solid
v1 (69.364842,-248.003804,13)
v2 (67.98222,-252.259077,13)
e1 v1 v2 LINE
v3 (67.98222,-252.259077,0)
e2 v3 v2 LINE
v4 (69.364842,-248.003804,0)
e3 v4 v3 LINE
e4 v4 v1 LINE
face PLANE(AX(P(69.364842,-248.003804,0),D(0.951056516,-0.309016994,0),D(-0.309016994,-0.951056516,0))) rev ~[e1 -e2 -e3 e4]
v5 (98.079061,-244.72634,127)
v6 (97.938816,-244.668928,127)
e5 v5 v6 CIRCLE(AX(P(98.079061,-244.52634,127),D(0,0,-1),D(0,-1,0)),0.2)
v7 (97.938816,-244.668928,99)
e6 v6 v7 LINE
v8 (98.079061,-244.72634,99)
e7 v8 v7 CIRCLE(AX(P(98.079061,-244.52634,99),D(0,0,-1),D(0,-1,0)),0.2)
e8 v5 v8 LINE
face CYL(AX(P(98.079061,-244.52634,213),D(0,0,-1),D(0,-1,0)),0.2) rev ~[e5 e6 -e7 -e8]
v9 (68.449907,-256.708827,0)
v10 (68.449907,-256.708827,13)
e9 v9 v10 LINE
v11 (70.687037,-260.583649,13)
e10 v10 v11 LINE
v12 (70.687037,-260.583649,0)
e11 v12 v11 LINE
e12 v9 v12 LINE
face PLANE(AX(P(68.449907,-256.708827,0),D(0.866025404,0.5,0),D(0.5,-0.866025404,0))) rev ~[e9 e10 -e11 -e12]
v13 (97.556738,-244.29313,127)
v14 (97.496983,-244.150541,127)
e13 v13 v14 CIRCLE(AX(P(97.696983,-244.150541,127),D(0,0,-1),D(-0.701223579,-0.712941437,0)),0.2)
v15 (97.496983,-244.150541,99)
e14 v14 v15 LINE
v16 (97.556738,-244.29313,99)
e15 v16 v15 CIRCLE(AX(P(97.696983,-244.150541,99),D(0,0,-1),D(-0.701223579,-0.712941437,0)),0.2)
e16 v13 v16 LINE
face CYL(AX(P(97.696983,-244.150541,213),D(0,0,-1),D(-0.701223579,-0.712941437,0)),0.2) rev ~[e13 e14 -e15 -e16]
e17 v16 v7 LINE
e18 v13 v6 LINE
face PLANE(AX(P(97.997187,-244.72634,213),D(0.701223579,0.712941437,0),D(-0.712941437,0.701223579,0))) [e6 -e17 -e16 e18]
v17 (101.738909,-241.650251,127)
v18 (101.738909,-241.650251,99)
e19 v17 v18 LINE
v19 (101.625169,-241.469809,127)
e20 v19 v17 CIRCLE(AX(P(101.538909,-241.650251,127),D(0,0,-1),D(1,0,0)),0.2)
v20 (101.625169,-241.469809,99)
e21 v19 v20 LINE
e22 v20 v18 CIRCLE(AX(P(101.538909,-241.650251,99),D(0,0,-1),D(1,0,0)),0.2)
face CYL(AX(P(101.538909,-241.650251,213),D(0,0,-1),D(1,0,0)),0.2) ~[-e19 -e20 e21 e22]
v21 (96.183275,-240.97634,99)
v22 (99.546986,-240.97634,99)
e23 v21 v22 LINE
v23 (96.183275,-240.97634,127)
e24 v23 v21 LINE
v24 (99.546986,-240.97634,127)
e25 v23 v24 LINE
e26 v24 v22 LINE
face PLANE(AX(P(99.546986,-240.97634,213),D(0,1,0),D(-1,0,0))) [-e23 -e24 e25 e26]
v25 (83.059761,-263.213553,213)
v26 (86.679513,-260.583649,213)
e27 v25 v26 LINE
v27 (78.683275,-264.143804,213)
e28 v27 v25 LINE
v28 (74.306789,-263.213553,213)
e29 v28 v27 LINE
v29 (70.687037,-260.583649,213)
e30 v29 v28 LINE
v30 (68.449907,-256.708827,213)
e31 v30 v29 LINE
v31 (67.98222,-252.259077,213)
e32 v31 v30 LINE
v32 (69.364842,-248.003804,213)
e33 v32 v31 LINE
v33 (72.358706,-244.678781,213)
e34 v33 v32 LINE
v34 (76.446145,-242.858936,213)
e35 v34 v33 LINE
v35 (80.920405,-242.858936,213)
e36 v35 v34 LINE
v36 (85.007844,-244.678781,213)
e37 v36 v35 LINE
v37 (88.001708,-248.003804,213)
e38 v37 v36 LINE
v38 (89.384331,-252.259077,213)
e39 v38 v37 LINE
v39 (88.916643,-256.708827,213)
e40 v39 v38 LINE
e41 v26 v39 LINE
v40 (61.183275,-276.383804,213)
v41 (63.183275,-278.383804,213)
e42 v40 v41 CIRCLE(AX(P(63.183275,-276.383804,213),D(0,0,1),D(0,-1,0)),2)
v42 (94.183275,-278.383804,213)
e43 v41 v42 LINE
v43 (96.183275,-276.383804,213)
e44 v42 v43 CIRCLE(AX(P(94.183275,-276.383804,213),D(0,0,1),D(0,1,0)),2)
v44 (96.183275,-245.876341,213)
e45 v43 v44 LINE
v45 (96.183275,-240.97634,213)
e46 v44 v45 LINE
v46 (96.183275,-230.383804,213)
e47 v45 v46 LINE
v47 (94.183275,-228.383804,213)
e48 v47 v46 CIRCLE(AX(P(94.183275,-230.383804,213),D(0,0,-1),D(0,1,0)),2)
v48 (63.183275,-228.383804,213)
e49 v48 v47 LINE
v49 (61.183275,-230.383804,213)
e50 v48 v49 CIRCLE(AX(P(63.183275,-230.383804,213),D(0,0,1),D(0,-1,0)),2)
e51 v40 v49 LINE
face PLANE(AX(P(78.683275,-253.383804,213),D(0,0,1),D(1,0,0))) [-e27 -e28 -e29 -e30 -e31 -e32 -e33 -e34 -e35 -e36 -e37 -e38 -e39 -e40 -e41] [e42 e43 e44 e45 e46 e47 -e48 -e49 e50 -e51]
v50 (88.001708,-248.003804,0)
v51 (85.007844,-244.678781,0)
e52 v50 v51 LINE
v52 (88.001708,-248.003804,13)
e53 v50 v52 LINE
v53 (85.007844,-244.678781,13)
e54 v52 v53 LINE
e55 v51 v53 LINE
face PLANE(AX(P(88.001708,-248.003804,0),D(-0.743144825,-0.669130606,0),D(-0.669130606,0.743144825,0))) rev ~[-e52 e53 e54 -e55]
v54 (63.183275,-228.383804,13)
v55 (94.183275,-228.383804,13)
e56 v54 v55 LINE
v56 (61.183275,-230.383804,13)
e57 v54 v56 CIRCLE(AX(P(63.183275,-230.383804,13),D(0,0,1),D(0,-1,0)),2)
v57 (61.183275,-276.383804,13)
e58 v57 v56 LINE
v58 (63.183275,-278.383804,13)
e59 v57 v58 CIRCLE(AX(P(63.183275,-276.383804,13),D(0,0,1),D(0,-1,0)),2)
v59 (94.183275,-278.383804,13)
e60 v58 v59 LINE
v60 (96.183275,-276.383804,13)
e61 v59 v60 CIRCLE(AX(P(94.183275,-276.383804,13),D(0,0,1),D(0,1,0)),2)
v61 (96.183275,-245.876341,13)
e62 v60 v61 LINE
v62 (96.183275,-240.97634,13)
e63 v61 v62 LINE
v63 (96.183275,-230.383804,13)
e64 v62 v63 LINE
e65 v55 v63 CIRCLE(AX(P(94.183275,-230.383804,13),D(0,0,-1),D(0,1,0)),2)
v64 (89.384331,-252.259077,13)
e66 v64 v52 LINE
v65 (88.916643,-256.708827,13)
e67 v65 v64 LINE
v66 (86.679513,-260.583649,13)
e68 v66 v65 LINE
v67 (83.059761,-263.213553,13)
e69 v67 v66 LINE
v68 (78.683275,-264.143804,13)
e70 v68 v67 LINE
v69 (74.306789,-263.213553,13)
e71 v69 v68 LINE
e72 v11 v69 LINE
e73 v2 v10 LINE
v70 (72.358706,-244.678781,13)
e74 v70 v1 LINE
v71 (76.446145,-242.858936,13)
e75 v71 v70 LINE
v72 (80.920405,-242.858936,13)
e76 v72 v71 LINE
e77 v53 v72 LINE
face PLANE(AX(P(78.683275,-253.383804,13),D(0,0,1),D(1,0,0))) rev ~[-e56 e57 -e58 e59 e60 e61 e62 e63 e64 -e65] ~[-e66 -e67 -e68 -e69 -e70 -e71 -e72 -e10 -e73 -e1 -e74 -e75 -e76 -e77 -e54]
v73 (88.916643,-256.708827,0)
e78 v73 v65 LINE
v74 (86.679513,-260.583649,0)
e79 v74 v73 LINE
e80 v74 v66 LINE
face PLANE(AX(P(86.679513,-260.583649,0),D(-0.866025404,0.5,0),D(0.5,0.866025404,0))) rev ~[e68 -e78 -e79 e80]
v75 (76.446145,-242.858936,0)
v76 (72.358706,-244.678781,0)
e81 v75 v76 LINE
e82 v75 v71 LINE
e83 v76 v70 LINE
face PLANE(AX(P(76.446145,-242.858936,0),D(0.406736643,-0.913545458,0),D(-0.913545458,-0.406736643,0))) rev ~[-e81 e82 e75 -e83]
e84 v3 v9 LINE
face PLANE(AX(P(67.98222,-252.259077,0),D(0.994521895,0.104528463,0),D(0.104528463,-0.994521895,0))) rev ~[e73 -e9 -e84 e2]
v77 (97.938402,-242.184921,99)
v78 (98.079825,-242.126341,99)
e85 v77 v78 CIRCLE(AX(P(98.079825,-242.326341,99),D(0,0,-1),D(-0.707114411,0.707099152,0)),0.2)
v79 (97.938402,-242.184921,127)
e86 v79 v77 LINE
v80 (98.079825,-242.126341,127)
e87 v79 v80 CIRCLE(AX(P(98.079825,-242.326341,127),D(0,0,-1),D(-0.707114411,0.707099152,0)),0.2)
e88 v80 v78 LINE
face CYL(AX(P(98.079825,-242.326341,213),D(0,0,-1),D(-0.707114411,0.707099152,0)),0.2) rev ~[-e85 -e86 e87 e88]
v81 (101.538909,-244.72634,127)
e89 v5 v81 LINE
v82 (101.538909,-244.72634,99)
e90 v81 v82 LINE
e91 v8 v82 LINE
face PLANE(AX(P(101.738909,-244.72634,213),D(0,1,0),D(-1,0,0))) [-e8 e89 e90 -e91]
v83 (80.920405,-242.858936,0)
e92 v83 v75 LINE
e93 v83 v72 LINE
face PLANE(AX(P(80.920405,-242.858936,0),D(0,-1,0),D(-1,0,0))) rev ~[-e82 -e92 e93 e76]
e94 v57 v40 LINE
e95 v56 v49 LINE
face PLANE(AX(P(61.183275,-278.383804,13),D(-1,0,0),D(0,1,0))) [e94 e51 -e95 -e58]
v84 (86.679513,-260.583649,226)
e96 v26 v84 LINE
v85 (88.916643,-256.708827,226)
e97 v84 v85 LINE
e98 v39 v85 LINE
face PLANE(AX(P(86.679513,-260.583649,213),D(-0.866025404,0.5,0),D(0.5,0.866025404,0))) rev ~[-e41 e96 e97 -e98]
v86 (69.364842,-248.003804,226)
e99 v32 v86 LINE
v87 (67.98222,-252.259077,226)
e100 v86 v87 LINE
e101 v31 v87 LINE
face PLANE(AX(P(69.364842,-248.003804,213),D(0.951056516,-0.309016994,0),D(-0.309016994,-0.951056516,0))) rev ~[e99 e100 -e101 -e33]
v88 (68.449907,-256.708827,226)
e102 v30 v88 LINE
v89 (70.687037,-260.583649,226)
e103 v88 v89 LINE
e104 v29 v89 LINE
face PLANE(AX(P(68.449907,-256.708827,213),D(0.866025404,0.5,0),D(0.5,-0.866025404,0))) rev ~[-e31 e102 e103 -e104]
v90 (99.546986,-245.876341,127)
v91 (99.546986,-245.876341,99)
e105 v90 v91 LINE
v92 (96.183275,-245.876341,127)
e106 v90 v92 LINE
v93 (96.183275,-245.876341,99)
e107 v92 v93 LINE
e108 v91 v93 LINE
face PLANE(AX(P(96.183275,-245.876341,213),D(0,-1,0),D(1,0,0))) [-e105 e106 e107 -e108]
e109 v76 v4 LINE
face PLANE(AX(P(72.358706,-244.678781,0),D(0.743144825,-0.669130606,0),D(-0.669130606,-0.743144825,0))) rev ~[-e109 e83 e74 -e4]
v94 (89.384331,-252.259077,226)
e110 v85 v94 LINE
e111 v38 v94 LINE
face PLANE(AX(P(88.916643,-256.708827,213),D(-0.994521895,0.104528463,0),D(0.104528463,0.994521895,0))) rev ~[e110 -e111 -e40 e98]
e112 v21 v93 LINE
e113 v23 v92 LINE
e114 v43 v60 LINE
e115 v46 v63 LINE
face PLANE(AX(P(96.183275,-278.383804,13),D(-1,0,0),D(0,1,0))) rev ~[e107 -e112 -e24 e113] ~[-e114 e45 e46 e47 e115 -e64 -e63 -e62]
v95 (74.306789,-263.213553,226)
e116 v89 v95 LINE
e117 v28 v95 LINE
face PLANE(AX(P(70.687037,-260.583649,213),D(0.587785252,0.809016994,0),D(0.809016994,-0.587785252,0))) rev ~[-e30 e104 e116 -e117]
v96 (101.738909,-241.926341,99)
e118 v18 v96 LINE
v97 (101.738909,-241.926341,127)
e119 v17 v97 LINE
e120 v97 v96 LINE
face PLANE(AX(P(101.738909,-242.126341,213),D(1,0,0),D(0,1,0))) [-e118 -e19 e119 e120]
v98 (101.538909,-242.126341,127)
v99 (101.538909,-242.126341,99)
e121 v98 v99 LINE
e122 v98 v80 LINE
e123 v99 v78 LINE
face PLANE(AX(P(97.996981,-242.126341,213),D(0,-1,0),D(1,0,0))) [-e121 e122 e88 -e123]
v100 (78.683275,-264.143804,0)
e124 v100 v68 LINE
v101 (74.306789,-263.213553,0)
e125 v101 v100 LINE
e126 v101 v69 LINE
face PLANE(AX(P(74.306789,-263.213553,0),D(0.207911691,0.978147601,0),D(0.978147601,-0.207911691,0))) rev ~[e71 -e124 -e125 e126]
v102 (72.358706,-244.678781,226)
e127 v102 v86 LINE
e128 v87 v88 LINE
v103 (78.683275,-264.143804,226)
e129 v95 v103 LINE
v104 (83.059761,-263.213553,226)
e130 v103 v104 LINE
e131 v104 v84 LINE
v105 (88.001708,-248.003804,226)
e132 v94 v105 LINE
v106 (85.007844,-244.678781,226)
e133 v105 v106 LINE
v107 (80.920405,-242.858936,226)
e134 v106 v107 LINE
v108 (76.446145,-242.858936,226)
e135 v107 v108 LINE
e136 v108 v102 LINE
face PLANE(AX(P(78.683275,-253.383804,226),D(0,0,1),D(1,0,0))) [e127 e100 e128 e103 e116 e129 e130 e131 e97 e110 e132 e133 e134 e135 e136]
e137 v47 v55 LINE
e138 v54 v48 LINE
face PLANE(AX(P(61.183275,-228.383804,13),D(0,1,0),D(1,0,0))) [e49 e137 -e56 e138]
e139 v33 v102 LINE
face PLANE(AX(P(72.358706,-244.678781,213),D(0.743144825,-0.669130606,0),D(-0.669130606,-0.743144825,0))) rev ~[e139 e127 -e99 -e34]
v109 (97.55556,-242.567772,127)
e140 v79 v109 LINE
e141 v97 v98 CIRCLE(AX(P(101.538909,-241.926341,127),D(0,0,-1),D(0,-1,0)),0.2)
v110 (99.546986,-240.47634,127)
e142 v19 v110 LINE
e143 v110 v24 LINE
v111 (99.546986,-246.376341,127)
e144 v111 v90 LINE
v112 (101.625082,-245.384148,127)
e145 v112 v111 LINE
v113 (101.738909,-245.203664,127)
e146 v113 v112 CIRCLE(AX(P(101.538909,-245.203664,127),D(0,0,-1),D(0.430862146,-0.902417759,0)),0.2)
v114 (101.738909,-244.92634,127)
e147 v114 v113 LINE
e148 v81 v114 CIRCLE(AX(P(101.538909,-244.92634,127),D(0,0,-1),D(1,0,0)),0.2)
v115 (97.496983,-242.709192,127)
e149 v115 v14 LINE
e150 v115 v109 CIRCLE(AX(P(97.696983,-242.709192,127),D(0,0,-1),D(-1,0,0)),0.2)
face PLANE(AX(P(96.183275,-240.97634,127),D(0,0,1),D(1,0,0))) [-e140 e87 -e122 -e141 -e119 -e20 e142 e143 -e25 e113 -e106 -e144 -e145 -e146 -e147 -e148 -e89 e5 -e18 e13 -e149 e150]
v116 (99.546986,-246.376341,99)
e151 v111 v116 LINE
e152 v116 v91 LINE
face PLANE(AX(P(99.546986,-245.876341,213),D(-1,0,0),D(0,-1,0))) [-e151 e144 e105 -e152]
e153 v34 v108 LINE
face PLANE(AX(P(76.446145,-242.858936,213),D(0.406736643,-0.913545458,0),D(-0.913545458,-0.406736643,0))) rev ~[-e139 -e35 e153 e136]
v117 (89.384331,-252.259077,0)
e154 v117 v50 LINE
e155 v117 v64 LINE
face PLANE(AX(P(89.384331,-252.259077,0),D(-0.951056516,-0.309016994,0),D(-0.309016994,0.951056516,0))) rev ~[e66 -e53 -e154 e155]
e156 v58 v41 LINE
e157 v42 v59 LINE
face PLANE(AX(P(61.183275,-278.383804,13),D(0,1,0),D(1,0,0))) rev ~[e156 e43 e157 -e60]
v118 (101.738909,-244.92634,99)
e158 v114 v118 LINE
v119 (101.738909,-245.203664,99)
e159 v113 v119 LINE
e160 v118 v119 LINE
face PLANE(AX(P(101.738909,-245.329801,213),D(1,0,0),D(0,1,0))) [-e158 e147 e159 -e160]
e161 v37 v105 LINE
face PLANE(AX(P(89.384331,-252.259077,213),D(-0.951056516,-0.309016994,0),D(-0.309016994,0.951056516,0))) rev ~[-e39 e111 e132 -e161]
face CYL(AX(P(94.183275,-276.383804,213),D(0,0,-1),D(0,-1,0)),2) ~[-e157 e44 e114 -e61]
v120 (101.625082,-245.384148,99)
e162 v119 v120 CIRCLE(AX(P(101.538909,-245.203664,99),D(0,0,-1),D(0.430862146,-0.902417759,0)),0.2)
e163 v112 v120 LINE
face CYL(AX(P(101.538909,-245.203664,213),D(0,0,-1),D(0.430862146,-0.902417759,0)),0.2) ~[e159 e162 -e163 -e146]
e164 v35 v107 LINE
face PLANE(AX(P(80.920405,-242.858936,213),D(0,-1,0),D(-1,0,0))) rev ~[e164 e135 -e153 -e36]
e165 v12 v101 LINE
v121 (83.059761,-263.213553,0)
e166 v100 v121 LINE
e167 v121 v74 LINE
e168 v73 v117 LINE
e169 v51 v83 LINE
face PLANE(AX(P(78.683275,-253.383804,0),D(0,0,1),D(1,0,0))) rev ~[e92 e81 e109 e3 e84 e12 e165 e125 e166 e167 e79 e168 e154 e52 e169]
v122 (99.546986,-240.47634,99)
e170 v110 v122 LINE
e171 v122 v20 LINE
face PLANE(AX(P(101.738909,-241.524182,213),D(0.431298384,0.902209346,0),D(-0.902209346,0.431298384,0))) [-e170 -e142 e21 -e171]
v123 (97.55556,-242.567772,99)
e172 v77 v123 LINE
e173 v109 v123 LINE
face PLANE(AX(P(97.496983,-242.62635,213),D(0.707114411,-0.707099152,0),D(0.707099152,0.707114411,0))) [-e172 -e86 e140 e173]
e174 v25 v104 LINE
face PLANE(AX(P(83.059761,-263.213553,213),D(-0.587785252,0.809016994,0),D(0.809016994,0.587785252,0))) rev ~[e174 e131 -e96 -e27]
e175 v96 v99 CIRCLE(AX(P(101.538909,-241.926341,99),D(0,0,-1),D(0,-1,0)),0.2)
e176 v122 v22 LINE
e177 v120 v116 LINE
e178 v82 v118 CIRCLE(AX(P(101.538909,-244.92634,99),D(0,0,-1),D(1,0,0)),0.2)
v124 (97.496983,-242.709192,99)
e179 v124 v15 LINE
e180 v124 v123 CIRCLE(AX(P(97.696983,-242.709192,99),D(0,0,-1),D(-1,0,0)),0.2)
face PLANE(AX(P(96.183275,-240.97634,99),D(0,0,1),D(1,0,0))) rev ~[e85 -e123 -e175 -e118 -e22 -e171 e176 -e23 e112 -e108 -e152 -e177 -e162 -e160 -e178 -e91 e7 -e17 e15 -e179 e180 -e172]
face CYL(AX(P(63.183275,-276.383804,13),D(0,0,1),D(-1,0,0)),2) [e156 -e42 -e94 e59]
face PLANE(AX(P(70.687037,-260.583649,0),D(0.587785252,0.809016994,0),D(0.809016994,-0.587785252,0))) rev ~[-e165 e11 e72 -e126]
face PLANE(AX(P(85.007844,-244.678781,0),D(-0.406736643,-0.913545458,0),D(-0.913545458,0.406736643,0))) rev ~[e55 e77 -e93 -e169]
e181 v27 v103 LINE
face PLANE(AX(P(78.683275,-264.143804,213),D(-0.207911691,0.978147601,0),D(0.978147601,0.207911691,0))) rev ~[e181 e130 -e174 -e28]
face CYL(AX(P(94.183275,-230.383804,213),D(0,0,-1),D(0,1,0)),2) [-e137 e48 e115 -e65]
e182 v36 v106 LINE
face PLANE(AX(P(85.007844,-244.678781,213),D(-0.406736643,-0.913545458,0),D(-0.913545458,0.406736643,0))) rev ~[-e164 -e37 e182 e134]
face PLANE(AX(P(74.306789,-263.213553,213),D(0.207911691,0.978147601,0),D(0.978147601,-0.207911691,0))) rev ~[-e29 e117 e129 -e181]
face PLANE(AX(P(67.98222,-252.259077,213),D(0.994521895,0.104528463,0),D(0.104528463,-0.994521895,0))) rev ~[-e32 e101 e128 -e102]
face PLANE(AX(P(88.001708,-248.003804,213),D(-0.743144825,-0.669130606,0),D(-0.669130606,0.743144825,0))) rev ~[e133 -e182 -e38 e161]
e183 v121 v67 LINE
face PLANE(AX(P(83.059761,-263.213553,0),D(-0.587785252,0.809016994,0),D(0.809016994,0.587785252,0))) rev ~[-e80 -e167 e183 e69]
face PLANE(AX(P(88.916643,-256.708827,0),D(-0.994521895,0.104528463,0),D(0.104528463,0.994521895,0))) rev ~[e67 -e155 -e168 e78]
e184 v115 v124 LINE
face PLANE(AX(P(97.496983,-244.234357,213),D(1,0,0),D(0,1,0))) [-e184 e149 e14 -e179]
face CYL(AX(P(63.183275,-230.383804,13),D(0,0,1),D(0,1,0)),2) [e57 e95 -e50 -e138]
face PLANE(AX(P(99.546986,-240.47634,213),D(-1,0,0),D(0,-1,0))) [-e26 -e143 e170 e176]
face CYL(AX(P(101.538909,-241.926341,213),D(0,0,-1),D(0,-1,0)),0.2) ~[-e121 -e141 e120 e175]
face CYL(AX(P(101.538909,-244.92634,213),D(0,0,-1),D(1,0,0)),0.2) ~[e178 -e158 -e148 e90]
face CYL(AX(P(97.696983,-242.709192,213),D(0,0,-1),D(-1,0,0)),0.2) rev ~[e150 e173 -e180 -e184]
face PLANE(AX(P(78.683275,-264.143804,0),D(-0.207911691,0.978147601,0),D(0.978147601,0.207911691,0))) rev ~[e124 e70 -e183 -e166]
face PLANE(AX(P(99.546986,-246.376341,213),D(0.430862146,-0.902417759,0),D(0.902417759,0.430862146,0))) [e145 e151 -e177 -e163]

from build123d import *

# Parameters (mm, degrees)
BOSS_EXTRUDE6_DEPTH     = 13
SKETCH10_W              = 35
SKETCH10_H              = 50
BOSS_EXTRUDE7_DEPTH     = 200
BOSS_EXTRUDE8_DEPTH     = 13
BOSS_EXTRUDE10_DEPTH    = 200
FILLET2_R               = 0.2
FILLET3_R               = 0.2
SKETCH13_W              = 69.491392083
SKETCH13_H              = 95.024424652
SKETCH13_W_2            = 70.992171295
SKETCH13_H_2            = 120
CUT_EXTRUDE1_DEPTH      = 40
CUT_EXTRUDE1_DEPTH_BACK = 40
FILLET4_R               = 2


with BuildPart() as part:
    # Sketch9 → Boss-Extrude6 (new body)
    with BuildSketch(Plane(origin=(54.235591649, 0, 0), x_dir=(1, 0, 0), z_dir=(0, 0, 1))):
        Polygon((26.684813292, -242.858935562), (22.210553706, -242.858935562), (18.123114185, -244.678780887), (15.129250155, -248.003803746), (13.746627905, -252.259077482), (14.214315384, -256.708826606), (16.451445177, -260.583649071), (20.07119722, -263.213552871), (24.447683499, -264.143803746), (28.824169779, -263.213552871), (32.443921821, -260.583649071), (34.681051615, -256.708826606), (35.148739093, -252.259077482), (33.766116844, -248.003803746), (30.772252814, -244.678780887), align=None)
    extrude(amount=BOSS_EXTRUDE6_DEPTH)

    # Sketch10 → Boss-Extrude7 (add)
    with BuildSketch(Plane.XY.offset(13)):
        with Locations((78.683275149, -253.383803746)):
            Rectangle(SKETCH10_W, SKETCH10_H)
    extrude(amount=BOSS_EXTRUDE7_DEPTH)

    # Sketch11 → Boss-Extrude8 (add)
    with BuildSketch(Plane.XY.offset(213)):
        Polygon((78.683275149, -264.143803746), (83.059761428, -263.213552871), (86.679513471, -260.583649071), (88.916643264, -256.708826606), (89.384330743, -252.259077482), (88.001708493, -248.003803746), (85.007844463, -244.678780887), (80.920404942, -242.858935562), (76.446145356, -242.858935562), (72.358705834, -244.678780887), (69.364841804, -248.003803746), (67.982219555, -252.259077482), (68.449907033, -256.708826606), (70.687036827, -260.583649071), (74.306788869, -263.213552871), align=None)
    extrude(amount=BOSS_EXTRUDE8_DEPTH)

    # Sketch12 → Boss-Extrude10 (add)
    with BuildSketch(Plane.XY.offset(213)):
        Polygon((99.546985742, -240.476339651), (99.546985742, -240.976339651), (96.183275149, -240.976339651), (96.183275149, -245.876341177), (99.546985742, -245.876341177), (99.546985742, -246.376341177), (101.738909258, -245.329800525), (101.738909258, -244.726339651), (97.997187134, -244.726339651), (97.496982691, -244.234356535), (97.496982691, -242.626350386), (97.99698111, -242.126341177), (101.738909258, -242.126341177), (101.738909258, -241.524181899), align=None)
    extrude(amount=-BOSS_EXTRUDE10_DEPTH)

    # Fillet2
    fillet2_edges = [part.edges().sort_by_distance(p)[0] for p in [
        (101.738909258, -241.524181899, 113),
        (101.738909258, -242.126341177, 113),
        (97.99698111, -242.126341177, 113),
        (97.496982691, -242.626350386, 113),
        (97.496982691, -244.234356535, 113),
        (97.997187134, -244.726339651, 113),
        (101.738909258, -245.329800525, 113),
    ]]
    fillet(fillet2_edges, radius=FILLET2_R)

    # Fillet3
    fillet3_edges = [part.edges().sort_by_distance(p)[0] for p in [
        (101.738909258, -244.726339651, 113),
    ]]
    fillet(fillet3_edges, radius=FILLET3_R)

    # Sketch13 → Cut-Extrude1 (cut, two sides)
    with BuildSketch(Plane(origin=(0, -240.976339651, 0), x_dir=(1, 0, 0), z_dir=(0, 1, 0))) as cut_extrude1_sk:
        with Locations((130.928971191, -51.487787674)):
            Rectangle(SKETCH13_W, SKETCH13_H)
        with Locations((131.679360797, -187)):
            Rectangle(SKETCH13_W_2, SKETCH13_H_2)
    extrude(amount=CUT_EXTRUDE1_DEPTH, mode=Mode.SUBTRACT)
    extrude(cut_extrude1_sk.sketch, amount=-CUT_EXTRUDE1_DEPTH_BACK, mode=Mode.SUBTRACT)

    # Fillet4
    fillet4_edges = [part.edges().sort_by_distance(p)[0] for p in [
        (96.183275149, -278.383803746, 113),
        (96.183275149, -228.383803746, 113),
        (61.183275149, -228.383803746, 113),
        (61.183275149, -278.383803746, 113),
    ]]
    fillet(fillet4_edges, radius=FILLET4_R)


solid = part.part
